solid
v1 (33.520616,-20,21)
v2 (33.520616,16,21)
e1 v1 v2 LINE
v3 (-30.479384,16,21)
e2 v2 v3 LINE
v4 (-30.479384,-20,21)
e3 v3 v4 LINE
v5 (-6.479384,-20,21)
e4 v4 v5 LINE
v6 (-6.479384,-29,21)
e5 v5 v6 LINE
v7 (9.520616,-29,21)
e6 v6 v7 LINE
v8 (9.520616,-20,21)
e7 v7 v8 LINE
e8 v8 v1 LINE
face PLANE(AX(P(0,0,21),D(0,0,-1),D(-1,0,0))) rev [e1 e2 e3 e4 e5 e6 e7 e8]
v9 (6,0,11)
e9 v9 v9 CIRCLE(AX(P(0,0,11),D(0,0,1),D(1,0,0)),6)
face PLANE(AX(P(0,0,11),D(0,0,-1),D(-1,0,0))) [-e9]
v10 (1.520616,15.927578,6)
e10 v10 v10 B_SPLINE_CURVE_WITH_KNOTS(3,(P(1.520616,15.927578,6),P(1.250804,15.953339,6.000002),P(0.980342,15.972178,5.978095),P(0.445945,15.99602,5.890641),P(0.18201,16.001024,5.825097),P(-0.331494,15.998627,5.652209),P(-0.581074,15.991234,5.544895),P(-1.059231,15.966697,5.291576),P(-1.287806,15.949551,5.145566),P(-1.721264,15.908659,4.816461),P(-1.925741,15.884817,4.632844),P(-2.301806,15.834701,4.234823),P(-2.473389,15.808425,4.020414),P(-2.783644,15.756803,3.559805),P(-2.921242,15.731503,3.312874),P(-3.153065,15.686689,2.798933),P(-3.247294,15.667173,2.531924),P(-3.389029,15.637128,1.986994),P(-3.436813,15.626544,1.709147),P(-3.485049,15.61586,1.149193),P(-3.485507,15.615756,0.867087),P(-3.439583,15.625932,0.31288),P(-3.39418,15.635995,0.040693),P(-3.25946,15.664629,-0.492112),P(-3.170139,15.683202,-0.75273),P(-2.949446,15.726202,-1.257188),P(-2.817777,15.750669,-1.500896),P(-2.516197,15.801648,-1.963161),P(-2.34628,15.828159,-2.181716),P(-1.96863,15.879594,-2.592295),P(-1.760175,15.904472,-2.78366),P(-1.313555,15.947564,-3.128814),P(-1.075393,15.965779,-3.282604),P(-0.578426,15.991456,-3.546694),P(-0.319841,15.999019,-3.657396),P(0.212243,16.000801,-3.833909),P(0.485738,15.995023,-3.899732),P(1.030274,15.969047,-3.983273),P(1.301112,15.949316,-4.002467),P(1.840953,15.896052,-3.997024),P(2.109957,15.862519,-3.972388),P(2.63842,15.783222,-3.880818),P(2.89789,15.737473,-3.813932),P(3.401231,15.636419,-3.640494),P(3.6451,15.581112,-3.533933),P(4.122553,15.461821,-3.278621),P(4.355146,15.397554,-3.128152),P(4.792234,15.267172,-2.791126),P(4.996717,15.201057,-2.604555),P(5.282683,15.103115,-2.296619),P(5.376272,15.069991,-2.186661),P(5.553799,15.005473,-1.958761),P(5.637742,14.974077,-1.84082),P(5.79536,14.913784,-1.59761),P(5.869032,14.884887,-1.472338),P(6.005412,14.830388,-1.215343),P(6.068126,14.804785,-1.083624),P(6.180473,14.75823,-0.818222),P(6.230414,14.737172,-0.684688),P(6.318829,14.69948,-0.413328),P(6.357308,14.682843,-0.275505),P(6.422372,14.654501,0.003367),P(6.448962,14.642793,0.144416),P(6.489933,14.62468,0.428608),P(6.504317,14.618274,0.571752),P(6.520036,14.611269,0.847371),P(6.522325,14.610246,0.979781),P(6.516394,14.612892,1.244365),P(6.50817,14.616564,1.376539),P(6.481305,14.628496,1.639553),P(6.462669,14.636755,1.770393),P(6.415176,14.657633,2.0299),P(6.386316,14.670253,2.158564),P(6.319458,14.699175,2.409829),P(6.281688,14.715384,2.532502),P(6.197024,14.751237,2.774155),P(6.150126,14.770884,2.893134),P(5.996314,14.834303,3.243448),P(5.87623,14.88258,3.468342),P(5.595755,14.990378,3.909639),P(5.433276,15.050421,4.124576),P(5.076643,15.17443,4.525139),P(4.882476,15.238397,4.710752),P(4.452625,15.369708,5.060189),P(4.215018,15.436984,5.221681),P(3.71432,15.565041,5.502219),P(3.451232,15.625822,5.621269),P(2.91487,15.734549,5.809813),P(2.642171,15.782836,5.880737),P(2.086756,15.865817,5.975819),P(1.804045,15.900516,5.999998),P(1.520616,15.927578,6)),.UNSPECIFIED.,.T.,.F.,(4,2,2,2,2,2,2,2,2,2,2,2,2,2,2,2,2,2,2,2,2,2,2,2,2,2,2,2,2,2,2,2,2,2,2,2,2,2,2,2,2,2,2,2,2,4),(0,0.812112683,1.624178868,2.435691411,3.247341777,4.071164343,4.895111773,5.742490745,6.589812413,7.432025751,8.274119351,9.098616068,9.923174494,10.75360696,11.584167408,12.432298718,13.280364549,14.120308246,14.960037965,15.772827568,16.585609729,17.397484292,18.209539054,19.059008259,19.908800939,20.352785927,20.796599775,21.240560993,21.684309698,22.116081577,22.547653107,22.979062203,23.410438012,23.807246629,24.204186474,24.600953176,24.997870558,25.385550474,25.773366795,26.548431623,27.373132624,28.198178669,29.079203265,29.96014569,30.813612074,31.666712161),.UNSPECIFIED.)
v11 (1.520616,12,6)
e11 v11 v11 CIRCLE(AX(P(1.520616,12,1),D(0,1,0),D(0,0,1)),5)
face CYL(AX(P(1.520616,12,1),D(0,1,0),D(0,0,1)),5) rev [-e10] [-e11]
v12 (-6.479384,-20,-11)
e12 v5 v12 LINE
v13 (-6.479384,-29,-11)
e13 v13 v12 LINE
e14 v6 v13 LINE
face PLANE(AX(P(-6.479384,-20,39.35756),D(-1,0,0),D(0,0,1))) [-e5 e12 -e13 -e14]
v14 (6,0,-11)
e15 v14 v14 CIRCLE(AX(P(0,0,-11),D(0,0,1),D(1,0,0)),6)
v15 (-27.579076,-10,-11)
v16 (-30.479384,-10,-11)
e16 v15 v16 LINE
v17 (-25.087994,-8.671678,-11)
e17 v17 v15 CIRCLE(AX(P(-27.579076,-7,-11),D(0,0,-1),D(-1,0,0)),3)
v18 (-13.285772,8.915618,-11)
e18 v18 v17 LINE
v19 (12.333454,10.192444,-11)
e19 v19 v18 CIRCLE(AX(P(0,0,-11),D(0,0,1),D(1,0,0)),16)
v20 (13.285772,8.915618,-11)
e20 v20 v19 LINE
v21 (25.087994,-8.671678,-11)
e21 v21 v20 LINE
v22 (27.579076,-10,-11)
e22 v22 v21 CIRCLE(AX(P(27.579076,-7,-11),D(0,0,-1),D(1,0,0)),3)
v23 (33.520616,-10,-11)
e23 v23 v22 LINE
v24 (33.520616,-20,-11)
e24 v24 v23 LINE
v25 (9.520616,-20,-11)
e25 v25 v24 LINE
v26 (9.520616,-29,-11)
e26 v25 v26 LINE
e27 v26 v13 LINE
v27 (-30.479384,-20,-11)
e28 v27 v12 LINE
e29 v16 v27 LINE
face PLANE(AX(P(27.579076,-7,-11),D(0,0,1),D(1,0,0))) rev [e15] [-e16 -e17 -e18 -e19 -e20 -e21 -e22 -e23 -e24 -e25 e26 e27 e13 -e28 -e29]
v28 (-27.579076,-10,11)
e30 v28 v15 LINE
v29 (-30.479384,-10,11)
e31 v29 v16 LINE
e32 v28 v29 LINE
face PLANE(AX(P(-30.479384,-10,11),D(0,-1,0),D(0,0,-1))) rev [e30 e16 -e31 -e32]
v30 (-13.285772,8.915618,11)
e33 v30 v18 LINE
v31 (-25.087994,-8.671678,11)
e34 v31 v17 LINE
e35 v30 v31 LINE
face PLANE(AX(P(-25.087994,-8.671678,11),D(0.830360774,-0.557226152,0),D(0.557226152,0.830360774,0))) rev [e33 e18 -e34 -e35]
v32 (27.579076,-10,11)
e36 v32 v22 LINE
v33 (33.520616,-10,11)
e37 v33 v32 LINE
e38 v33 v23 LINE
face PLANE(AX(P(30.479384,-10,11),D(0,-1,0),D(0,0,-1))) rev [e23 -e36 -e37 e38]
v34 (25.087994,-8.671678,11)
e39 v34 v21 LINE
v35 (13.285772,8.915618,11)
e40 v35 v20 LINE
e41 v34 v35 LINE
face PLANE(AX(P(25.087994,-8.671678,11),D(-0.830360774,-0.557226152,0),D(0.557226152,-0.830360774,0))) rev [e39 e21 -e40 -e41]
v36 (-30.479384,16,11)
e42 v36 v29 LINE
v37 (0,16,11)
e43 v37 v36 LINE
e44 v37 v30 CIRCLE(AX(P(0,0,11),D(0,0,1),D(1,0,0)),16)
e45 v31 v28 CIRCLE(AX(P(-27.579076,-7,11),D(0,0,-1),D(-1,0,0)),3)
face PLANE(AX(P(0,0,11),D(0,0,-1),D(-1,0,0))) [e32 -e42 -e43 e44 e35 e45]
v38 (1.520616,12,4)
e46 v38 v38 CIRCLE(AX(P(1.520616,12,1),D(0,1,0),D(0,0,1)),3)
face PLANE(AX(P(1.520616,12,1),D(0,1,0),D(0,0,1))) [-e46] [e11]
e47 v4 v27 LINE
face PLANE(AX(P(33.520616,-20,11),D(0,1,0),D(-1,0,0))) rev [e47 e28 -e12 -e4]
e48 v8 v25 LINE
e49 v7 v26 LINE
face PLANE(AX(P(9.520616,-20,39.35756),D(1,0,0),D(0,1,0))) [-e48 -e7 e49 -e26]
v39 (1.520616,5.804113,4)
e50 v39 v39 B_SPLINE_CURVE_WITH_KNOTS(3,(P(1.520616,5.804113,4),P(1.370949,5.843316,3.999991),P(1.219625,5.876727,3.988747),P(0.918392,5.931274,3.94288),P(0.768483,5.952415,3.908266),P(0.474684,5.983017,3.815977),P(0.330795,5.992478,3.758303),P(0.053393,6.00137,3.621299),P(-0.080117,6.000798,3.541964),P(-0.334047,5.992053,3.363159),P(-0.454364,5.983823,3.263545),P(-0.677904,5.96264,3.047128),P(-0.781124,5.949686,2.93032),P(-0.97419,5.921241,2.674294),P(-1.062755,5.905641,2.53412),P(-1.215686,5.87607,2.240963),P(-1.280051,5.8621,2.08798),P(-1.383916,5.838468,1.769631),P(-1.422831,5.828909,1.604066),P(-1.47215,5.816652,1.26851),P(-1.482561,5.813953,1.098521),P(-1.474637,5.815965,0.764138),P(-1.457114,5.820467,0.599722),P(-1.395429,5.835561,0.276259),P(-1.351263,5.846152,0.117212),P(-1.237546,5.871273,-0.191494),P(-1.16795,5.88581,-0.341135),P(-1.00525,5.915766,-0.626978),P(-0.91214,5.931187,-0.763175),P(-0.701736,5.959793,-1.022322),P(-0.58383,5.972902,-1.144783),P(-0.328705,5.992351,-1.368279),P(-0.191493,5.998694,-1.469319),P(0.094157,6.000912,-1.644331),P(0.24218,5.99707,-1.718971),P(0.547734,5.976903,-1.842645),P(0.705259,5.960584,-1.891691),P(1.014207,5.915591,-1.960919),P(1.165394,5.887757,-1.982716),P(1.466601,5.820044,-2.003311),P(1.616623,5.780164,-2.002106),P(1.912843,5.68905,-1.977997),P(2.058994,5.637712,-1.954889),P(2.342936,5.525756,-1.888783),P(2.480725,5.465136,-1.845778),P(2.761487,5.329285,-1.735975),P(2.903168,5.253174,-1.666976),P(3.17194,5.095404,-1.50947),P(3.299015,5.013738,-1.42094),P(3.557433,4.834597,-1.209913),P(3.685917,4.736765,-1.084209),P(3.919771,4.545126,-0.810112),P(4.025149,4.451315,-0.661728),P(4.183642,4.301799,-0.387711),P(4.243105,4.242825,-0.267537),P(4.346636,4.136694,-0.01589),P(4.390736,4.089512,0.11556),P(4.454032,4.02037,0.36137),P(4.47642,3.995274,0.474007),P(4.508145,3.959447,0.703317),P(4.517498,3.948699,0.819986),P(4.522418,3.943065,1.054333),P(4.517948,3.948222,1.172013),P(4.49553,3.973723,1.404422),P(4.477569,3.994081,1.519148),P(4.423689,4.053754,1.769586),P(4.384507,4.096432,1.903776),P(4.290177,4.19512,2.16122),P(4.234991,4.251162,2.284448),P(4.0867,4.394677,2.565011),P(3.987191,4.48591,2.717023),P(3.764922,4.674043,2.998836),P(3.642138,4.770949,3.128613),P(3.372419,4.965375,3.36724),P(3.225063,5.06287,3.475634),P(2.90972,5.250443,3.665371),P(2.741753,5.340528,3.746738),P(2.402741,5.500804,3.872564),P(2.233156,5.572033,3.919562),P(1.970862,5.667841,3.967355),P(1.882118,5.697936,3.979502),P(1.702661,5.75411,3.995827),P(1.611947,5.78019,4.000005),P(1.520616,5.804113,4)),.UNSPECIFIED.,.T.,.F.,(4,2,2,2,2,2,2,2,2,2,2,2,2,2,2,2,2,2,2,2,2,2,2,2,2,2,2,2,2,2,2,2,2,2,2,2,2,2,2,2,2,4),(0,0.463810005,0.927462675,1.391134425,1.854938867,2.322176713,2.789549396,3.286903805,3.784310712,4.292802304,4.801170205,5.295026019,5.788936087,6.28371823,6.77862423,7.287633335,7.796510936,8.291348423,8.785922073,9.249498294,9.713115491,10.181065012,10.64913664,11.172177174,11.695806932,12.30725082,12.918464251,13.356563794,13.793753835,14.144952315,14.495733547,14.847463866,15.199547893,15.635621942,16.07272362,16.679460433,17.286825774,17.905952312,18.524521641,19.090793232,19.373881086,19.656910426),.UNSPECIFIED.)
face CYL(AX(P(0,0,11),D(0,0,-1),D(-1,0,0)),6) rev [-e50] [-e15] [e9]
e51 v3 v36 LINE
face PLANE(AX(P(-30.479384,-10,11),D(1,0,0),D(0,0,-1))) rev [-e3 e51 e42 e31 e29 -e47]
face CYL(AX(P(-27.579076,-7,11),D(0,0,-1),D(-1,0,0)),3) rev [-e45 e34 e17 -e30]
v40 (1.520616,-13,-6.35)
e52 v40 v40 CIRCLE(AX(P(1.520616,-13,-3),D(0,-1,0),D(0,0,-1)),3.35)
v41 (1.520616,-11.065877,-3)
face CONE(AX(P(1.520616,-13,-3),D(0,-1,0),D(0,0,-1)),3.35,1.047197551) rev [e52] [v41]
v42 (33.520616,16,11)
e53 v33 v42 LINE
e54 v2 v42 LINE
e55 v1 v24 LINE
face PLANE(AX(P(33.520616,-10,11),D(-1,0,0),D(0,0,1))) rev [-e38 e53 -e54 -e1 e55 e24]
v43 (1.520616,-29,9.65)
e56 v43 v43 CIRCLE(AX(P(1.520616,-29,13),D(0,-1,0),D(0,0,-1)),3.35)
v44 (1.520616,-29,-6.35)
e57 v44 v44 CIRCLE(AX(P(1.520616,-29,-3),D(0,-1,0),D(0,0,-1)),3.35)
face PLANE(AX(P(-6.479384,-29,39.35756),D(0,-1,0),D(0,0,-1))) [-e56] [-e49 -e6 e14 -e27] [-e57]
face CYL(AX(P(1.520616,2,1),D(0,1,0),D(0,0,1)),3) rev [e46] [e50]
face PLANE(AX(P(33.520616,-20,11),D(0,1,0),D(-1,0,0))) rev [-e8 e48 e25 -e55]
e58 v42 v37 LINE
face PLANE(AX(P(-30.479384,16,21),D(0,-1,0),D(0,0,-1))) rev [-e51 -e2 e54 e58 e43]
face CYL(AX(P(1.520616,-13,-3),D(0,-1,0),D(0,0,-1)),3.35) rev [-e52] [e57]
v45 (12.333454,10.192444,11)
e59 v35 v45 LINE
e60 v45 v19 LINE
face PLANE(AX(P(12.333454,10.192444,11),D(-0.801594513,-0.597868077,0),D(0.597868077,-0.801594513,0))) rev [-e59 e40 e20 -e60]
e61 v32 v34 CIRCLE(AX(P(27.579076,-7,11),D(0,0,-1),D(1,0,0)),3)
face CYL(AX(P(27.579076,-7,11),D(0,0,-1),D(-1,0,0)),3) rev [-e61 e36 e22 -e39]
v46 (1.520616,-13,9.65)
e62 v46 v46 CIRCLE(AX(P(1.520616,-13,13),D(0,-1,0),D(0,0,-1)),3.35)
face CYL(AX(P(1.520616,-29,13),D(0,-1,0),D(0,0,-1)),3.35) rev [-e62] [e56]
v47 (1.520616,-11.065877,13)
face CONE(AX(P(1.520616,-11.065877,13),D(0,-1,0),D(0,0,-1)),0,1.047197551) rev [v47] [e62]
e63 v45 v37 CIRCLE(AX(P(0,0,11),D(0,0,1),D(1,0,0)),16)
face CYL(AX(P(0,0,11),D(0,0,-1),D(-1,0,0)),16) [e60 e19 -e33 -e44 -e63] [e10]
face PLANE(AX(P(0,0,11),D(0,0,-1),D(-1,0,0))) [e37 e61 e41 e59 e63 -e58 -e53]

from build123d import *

# Parameters (mm, degrees)
SKETCH2_R           = 6
BOSS_EXTRUDE1_DEPTH = 11
SKETCH3_W           = 64
SKETCH3_H           = 36
BOSS_EXTRUDE2_DEPTH = 10
BOSS_EXTRUDE3_DEPTH = 32
SKETCH5_R           = 5
CUT_EXTRUDE5_DEPTH  = 4
SKETCH7_R           = 3
CUT_EXTRUDE6_DEPTH  = 10


with BuildPart() as part:
    # Sketch2 → Boss-Extrude1 (new, symmetric)
    with BuildSketch(Plane.XY):
        with BuildLine():
            Line((-30.479384134, -10), (-27.579076202, -10))
            ThreePointArc((-27.579076202, -10), (-26.167523045, -9.647171639), (-25.087993879, -8.671678457))
            Line((-25.087993879, -8.671678457), (-13.285772387, 8.915618436))
            ThreePointArc((-13.285772387, 8.915618436), (-0.796428366, 15.98016589), (12.333454196, 10.192443652))
            Line((12.333454196, 10.192443652), (13.285772387, 8.915618436))
            Line((13.285772387, 8.915618436), (25.087993879, -8.671678457))
            ThreePointArc((25.087993879, -8.671678457), (26.167523045, -9.647171639), (27.579076202, -10))
            Line((27.579076202, -10), (30.479384134, -10))
            Line((30.479384134, -10), (31.075959419, -10))
            Line((31.075959419, -10), (33.520615866, -10))
            Line((33.520615866, -10), (33.520615866, -20))
            Line((33.520615866, -20), (-30.479384134, -20))
            Line((-30.479384134, -20), (-30.479384134, -10))
        make_face()
        Circle(SKETCH2_R, mode=Mode.SUBTRACT)
    extrude(amount=BOSS_EXTRUDE1_DEPTH, both=True)

    # Sketch3 → Boss-Extrude2 (add)
    with BuildSketch(Plane.XY.offset(11)):
        with Locations((1.520615866, -2)):
            Rectangle(SKETCH3_W, SKETCH3_H)
    extrude(amount=BOSS_EXTRUDE2_DEPTH)

    # Sketch4 → Boss-Extrude3 (add)
    with BuildSketch(Plane(origin=(0, 0, -11), x_dir=(-1, 0, 0), z_dir=(0, 0, -1))):
        Polygon((-1.520615866, -20), (6.479384134, -20), (6.479384134, -29), (-9.520615866, -29), (-9.520615866, -20), align=None)
    extrude(amount=-BOSS_EXTRUDE3_DEPTH)

    # Sketch5 → Cut-Extrude5 (cut)
    with BuildSketch(Plane(origin=(0, 16, 0), x_dir=(1, 0, 0), z_dir=(0, 1, 0))):
        with Locations(Location((1.520615866, -1, 0), (0, 0, 270))):
            Circle(SKETCH5_R)
    extrude(amount=-CUT_EXTRUDE5_DEPTH, mode=Mode.SUBTRACT)

    # Sketch7 → Cut-Extrude6 (cut)
    with BuildSketch(Plane(origin=(0, 12, 0), x_dir=(1, 0, 0), z_dir=(0, 1, 0))):
        with Locations(Location((1.520615866, -1, 0), (0, 0, 270))):
            Circle(SKETCH7_R)
    extrude(amount=-CUT_EXTRUDE6_DEPTH, mode=Mode.SUBTRACT)

    # Sketch11 → Cut-Revolve1 (revolve, cut)
    with BuildSketch(Plane(origin=(1.520615866, 0, 0), x_dir=(0, 0, -1), z_dir=(1, 0, 0))):
        Polygon((3, -29), (3, -13), (3, -11.065876598), (6.35, -13), (6.35, -29), align=None)
    revolve(axis=Axis((1.520615866, -13, -3), (0, 1, 0)), mode=Mode.SUBTRACT)

    # Sketch14 → Cut-Revolve2 (revolve, cut)
    with BuildSketch(Plane(origin=(1.520615866, 0, 0), x_dir=(0, 0, -1), z_dir=(1, 0, 0)), mode=Mode.PRIVATE) as cut_revolve2_sk:
        Polygon((-16.35, -29), (-13, -29), (-13, -11.065876598), (-16.35, -13), align=None)
    revolve(cut_revolve2_sk.sketch.rotate(Axis((1.520615866, -29, 13), (0, 1, 0)), 180), axis=Axis((1.520615866, -29, 13), (0, 1, 0)), mode=Mode.SUBTRACT)


solid = part.part
